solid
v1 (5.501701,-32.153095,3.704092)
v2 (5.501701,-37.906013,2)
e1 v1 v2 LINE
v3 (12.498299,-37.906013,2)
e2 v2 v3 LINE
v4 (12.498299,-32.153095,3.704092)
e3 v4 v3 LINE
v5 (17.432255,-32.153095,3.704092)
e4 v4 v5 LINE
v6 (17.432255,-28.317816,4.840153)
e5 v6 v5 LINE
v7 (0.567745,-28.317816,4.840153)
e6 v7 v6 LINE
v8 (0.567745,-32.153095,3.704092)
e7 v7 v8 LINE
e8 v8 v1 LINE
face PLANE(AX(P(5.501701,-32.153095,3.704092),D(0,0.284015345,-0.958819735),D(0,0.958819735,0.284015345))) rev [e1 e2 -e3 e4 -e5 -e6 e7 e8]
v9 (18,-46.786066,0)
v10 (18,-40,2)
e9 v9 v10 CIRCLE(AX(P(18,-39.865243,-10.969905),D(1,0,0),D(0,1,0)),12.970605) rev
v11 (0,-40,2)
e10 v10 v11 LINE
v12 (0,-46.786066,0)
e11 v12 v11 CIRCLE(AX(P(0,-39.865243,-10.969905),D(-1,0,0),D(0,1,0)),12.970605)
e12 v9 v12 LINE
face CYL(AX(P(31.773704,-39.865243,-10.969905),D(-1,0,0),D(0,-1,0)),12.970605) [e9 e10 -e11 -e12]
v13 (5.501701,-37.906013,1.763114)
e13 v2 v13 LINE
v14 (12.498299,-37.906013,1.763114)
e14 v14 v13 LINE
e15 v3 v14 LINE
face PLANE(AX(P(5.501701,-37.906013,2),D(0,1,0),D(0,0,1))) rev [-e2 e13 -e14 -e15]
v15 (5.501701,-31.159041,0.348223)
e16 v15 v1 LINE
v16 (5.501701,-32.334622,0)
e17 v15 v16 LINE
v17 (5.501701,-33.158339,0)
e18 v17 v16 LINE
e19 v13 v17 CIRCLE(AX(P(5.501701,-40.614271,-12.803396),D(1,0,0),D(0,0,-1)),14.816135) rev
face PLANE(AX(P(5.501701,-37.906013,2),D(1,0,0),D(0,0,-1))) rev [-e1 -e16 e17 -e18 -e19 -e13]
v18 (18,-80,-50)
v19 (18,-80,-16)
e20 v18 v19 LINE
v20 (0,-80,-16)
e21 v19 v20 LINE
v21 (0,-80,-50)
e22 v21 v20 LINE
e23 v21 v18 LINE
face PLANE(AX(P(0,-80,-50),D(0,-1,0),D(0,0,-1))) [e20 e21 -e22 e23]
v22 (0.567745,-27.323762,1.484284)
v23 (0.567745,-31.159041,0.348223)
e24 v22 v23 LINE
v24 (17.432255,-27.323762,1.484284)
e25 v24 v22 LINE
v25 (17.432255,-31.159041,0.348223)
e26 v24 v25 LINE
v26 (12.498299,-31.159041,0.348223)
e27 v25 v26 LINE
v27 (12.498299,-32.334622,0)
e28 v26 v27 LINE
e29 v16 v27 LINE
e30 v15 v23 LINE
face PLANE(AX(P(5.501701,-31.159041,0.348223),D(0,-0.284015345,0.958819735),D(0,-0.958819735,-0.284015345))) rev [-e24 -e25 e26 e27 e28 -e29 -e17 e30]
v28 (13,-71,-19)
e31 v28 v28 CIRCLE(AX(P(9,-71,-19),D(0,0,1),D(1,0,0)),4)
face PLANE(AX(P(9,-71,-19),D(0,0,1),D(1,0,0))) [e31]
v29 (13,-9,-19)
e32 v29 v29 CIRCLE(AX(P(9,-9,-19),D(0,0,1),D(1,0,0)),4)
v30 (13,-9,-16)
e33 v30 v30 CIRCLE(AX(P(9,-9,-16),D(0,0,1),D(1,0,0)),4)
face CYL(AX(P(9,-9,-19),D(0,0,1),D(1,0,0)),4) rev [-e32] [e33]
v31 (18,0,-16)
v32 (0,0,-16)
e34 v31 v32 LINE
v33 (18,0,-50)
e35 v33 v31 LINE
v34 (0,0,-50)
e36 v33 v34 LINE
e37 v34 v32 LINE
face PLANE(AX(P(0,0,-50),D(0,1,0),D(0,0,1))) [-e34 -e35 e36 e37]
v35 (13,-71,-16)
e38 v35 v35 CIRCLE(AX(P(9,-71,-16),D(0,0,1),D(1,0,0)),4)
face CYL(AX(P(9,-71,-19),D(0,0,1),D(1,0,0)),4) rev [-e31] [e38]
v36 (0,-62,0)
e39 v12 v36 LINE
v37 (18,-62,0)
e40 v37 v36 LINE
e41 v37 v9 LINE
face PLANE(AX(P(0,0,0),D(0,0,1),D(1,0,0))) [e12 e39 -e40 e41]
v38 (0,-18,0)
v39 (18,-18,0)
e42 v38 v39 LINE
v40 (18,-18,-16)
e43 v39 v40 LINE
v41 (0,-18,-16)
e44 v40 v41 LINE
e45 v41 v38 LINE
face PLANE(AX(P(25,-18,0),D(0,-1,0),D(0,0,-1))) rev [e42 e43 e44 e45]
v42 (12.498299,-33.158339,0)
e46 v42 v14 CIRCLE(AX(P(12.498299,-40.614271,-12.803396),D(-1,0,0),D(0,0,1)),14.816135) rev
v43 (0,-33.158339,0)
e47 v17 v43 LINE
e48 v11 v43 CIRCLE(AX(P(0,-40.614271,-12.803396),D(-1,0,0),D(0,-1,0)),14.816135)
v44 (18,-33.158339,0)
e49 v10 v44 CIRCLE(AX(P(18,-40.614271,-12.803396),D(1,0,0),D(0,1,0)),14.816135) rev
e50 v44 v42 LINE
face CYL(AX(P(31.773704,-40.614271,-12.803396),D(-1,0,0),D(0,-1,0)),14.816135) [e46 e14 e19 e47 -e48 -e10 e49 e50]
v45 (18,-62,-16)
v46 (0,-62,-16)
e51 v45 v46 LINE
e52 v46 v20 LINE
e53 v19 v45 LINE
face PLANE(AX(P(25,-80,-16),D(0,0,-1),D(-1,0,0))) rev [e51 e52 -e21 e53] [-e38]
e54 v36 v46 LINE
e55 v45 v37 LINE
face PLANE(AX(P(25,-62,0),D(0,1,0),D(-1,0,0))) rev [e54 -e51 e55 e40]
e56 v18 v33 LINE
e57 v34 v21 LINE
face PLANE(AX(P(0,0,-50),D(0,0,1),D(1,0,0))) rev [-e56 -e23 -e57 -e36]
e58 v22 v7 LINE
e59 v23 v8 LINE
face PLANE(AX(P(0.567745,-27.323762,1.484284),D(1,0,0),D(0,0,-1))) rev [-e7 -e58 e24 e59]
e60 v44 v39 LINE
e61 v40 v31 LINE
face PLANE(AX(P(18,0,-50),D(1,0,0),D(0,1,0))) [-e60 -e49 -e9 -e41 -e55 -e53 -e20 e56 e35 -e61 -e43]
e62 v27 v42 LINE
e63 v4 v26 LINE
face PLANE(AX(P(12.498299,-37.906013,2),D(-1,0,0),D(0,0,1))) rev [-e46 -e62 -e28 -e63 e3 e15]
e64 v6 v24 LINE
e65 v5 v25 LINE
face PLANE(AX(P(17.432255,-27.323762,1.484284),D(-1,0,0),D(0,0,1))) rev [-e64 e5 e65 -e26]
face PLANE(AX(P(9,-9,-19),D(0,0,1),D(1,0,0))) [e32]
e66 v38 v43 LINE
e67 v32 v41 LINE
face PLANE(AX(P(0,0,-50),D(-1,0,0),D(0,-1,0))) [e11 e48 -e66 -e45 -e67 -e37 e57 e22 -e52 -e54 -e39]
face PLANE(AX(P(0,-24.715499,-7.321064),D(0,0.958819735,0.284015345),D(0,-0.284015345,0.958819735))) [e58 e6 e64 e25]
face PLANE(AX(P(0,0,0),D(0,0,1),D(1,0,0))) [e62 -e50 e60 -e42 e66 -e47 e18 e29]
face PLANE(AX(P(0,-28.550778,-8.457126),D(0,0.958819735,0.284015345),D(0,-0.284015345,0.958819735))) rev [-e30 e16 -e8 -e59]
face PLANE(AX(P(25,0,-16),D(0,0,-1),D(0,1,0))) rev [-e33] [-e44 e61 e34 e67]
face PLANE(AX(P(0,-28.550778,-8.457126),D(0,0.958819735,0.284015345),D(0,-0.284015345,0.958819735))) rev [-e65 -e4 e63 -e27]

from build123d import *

# Parameters (mm, degrees)
CROQUIS1_W              = 18
CROQUIS1_H              = 80
SALIENTE_EXTRUIR1_DEPTH = 50
CROQUIS2_W              = 16
CROQUIS2_H              = 18
CORTAR_EXTRUIR1_DEPTH   = 25
SALIENTE_EXTRUIR2_DEPTH = 18
CROQUIS4_W              = 6.99659876
CROQUIS4_H              = 2.653687506
SALIENTE_EXTRUIR3_DEPTH = 2
CORTAR_EXTRUIR2_DEPTH   = 6.996599
CROQUIS6_W              = 6.99659876
CROQUIS6_H              = 3.5
SALIENTE_EXTRUIR4_DEPTH = 6
CROQUIS7_W              = 16.864509826
CROQUIS7_H              = 3.5
SALIENTE_EXTRUIR5_DEPTH = 4
CROQUIS8_R              = 4
CORTAR_EXTRUIR3_DEPTH   = 3


with BuildPart() as part:
    # Croquis1 → Saliente-Extruir1 (new body)
    with BuildSketch(Plane.XY):
        with Locations((9, -40)):
            Rectangle(CROQUIS1_W, CROQUIS1_H)
    extrude(amount=-SALIENTE_EXTRUIR1_DEPTH)

    # Croquis2 → Cortar-Extruir1 (cut)
    with BuildSketch(Plane.ZY):
        with Locations((-8, -9)):
            Rectangle(CROQUIS2_W, CROQUIS2_H)
        with Locations((-8, -71)):
            Rectangle(CROQUIS2_W, CROQUIS2_H)
    extrude(amount=-CORTAR_EXTRUIR1_DEPTH, mode=Mode.SUBTRACT)

    # Croquis3 → Saliente-Extruir2 (add)
    with BuildSketch(Plane.ZY):
        with BuildLine():
            Line((0, -33.158339238), (0, -46.786065604))
            ThreePointArc((0, -46.786065604), (1.471610076, -43.53202647), (2, -40))
            ThreePointArc((2, -40), (1.417568162, -36.457103303), (0, -33.158339238))
        make_face()
    extrude(amount=-SALIENTE_EXTRUIR2_DEPTH)

    # Croquis4 → Saliente-Extruir3 (add)
    with BuildSketch(Plane.XY):
        with Locations((9, -36.579169619)):
            Rectangle(CROQUIS4_W, CROQUIS4_H)
    extrude(amount=SALIENTE_EXTRUIR3_DEPTH)

    # Croquis5 → Cortar-Extruir2 (cut)
    with BuildSketch(Plane.ZY.offset(-5.50170062)):
        Polygon((2, -37.906013372), (-1.355869072, -36.911959665), (-0.421934466, -33.759049274), (2.933934606, -34.75310298), align=None)
    extrude(amount=-CORTAR_EXTRUIR2_DEPTH, mode=Mode.SUBTRACT)

    # Croquis6 → Saliente-Extruir4 (add)
    with BuildSketch(Plane(origin=(0, -34.303696532, -10.16121784), x_dir=(1, 0, 0), z_dir=(0, 0.958819735, 0.284015345))):
        with Locations((9, -10.933528924)):
            Rectangle(CROQUIS6_W, CROQUIS6_H)
    extrude(amount=SALIENTE_EXTRUIR4_DEPTH)

    # Croquis7 → Saliente-Extruir5 (add)
    with BuildSketch(Plane(origin=(0, -28.550778123, -8.457125772), x_dir=(1, 0, 0), z_dir=(0, 0.958819735, 0.284015345))):
        with Locations((9, -10.933528924)):
            Rectangle(CROQUIS7_W, CROQUIS7_H)
    extrude(amount=SALIENTE_EXTRUIR5_DEPTH)

    # Croquis8 → Cortar-Extruir3 (cut)
    with BuildSketch(Plane.XY.offset(-16)):
        with Locations((9, -9)):
            Circle(CROQUIS8_R)
        with Locations((9, -71)):
            Circle(CROQUIS8_R)
    extrude(amount=-CORTAR_EXTRUIR3_DEPTH, mode=Mode.SUBTRACT)


solid = part.part
